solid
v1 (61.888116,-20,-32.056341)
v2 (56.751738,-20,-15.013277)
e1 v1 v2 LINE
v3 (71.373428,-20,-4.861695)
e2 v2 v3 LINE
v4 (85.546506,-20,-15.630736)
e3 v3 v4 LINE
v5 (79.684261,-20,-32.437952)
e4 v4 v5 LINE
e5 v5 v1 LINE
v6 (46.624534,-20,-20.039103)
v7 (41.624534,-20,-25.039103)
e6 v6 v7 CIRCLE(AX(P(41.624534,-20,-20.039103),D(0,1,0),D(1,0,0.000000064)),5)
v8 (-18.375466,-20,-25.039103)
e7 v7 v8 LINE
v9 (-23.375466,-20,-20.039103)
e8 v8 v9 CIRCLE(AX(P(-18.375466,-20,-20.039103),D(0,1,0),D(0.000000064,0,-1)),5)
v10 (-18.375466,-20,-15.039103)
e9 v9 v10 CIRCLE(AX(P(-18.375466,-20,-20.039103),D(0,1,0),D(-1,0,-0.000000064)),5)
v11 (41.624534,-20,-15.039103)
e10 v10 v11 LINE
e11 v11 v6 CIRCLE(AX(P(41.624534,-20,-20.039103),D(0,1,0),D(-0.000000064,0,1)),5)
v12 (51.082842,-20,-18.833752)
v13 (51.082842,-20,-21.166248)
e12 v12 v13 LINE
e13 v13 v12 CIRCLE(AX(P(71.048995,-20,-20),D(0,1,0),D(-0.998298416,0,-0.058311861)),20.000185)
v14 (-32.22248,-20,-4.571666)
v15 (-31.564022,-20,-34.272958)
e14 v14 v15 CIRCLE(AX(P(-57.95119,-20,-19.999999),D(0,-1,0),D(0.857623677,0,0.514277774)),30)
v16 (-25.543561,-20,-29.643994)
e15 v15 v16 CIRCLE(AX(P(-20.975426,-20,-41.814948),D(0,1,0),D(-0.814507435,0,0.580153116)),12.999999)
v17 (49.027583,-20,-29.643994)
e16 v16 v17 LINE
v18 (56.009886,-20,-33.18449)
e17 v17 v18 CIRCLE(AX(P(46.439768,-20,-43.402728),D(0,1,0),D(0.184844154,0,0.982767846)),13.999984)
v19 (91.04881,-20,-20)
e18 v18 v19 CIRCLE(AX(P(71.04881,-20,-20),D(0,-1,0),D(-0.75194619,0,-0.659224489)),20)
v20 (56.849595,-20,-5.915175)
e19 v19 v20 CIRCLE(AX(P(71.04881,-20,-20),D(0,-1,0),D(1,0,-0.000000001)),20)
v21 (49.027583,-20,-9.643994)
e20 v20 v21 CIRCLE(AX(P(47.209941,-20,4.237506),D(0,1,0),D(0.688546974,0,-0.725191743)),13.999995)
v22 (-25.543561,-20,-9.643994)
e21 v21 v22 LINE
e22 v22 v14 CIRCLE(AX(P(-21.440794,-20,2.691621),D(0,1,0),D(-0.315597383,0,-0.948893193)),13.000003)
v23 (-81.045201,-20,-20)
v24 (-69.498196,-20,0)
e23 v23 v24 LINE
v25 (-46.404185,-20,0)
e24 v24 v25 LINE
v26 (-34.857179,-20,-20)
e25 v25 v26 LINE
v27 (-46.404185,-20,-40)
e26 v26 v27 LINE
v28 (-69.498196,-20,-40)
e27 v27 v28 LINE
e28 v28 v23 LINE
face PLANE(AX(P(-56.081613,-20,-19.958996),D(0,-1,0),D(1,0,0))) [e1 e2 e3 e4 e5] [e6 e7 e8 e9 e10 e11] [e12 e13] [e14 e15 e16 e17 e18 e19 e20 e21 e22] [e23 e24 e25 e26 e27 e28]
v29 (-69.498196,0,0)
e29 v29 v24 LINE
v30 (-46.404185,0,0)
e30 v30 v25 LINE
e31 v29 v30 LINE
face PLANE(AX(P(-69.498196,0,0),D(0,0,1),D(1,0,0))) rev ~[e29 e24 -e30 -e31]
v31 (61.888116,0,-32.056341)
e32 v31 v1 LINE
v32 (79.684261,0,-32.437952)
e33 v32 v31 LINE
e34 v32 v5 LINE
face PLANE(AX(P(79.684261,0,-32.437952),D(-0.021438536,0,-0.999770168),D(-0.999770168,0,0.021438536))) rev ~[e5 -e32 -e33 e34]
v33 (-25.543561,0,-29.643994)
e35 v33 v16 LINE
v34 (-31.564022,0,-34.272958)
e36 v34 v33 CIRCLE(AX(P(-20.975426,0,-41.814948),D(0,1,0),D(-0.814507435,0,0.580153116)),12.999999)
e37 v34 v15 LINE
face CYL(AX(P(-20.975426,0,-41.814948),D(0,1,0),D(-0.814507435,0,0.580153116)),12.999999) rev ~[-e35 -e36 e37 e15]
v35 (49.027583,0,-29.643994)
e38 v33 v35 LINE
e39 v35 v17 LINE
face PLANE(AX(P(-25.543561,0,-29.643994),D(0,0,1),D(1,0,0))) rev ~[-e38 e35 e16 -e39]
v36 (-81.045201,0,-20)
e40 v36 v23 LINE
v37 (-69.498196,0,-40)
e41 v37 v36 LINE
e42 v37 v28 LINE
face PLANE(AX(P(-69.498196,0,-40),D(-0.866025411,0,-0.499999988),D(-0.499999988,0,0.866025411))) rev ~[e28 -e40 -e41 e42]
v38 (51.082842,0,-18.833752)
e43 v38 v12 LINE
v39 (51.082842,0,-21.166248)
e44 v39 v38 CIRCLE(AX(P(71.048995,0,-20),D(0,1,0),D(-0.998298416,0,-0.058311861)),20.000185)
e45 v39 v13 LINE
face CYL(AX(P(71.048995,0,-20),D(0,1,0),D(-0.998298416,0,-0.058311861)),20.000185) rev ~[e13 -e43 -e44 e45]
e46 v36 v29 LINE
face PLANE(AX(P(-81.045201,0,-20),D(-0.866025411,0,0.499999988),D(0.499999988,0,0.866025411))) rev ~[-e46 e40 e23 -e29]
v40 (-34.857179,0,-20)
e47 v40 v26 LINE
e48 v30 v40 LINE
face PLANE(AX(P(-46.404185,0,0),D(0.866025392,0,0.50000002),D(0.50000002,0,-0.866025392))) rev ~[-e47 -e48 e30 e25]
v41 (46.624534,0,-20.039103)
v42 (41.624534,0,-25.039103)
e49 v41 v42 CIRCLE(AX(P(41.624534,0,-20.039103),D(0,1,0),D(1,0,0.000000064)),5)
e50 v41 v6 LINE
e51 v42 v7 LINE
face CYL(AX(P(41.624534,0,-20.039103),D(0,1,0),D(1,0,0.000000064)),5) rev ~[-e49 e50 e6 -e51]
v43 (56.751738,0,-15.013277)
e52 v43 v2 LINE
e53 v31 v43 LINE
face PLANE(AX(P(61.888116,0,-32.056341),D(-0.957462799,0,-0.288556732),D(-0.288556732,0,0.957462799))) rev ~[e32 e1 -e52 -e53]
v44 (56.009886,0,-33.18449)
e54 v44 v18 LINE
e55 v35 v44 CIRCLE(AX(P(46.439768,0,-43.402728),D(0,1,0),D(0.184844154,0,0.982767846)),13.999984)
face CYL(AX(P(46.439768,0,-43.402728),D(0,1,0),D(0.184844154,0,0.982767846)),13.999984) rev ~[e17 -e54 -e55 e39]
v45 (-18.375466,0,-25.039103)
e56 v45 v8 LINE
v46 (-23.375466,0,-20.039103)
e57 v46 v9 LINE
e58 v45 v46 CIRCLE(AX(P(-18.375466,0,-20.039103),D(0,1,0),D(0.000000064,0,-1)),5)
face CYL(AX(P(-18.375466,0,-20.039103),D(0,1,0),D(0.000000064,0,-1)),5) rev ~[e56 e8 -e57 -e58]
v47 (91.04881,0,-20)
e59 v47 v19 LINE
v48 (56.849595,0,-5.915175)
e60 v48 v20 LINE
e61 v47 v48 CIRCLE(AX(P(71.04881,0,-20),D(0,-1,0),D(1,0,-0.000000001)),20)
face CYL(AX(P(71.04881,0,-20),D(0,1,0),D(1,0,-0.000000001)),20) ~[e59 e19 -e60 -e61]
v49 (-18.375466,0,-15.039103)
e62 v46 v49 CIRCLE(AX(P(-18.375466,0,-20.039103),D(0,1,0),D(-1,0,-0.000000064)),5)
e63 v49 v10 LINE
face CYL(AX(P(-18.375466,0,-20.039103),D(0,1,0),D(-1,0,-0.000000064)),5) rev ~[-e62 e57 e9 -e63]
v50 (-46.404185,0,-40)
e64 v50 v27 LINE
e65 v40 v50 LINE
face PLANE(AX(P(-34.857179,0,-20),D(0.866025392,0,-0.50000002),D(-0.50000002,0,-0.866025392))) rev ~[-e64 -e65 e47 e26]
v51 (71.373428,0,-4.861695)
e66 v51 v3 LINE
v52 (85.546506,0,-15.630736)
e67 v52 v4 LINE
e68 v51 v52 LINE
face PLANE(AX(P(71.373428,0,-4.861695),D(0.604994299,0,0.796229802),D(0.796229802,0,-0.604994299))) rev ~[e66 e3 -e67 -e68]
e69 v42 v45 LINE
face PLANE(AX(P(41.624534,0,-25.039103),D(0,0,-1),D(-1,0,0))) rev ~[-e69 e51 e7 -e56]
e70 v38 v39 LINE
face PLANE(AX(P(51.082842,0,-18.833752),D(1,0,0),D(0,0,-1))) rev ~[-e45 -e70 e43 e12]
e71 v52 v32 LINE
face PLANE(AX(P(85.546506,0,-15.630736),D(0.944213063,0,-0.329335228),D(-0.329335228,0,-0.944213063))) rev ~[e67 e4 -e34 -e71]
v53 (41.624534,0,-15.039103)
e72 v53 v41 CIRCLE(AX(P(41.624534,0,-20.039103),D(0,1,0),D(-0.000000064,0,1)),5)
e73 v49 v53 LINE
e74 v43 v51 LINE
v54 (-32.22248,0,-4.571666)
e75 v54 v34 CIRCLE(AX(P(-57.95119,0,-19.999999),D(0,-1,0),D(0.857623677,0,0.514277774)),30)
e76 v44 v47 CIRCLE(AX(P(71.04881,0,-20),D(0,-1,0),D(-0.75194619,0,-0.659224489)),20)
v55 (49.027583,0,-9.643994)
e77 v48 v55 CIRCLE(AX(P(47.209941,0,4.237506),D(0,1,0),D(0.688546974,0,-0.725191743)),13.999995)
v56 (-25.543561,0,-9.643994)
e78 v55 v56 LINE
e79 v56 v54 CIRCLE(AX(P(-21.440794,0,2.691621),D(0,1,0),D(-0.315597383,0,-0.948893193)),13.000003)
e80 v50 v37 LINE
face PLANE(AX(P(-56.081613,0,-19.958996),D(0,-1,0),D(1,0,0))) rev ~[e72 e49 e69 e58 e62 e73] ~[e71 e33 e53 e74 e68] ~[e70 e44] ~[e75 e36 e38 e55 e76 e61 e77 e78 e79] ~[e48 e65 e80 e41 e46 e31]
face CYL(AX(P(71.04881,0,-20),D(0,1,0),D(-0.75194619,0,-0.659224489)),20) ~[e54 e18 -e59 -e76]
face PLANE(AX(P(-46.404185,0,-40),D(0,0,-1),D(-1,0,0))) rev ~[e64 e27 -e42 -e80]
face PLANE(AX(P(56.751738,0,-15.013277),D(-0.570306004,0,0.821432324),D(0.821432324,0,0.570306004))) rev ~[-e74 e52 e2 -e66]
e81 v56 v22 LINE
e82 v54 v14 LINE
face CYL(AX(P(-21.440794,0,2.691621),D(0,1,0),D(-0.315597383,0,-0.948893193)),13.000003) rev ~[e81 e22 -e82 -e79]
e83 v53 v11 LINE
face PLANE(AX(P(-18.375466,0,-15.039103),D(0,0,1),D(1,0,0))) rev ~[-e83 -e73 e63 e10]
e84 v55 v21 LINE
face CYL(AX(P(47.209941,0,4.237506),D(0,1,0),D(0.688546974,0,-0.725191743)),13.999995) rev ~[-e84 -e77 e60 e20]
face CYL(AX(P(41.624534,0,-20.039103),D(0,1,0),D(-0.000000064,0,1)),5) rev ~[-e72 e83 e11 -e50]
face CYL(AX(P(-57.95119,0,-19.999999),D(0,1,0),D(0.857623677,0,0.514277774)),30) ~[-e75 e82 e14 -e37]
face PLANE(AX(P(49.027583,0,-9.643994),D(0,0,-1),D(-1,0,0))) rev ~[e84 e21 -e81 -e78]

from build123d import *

# Parameters (mm, degrees)
F1_DEPTH = 20


with BuildPart() as f1:
    # F0 (on Front) → F1 (new body)
    with BuildSketch(Plane.XZ):
        with BuildLine():
            ThreePointArc((-31.564022, -34.272958), (-28.86842, -27.361554), (-27.95119, -20))
            ThreePointArc((-27.95119, -20), (-29.038725, -11.995667), (-32.22248, -4.571666))
            ThreePointArc((-32.22248, -4.571666), (-87.943821, -20.664917), (-31.564022, -34.272958))
        make_face()
        Polygon((-81.045201, -20), (-69.498196, 0), (-46.404185, 0), (-34.857179, -20), (-46.404185, -40), (-69.498196, -40), align=None, mode=Mode.SUBTRACT)
        with BuildLine():
            ThreePointArc((-32.22248, -4.571666), (-29.038725, -11.995667), (-27.95119, -20))
            ThreePointArc((-27.95119, -20), (-28.86842, -27.361554), (-31.564022, -34.272958))
            ThreePointArc((-31.564022, -34.272958), (-28.899342, -31.50905), (-25.543561, -29.643994))
            Line((-25.543561, -29.643994), (49.027583, -29.643994))
            ThreePointArc((49.027583, -29.643994), (52.771246, -30.916258), (56.009886, -33.18449))
            ThreePointArc((56.009886, -33.18449), (52.543536, -27.586492), (51.082842, -21.166248))
            ThreePointArc((51.082842, -21.166248), (51.04881, -20), (51.082842, -18.833752))
            ThreePointArc((51.082842, -18.833752), (52.785805, -11.847536), (56.849595, -5.915175))
            ThreePointArc((56.849595, -5.915175), (53.234344, -8.399995), (49.027583, -9.643994))
            Line((49.027583, -9.643994), (-25.543561, -9.643994))
            ThreePointArc((-25.543561, -9.643994), (-29.303291, -7.661216), (-32.22248, -4.571666))
        make_face()
        with BuildLine():
            ThreePointArc((-23.375466, -20.039103), (-21.911, -16.503569), (-18.375466, -15.039103))
            Line((-18.375466, -15.039103), (41.624534, -15.039103))
            ThreePointArc((41.624534, -15.039103), (45.160068, -16.503569), (46.624534, -20.039103))
            ThreePointArc((46.624534, -20.039103), (45.160068, -23.574637), (41.624534, -25.039103))
            Line((41.624534, -25.039103), (-18.375466, -25.039103))
            ThreePointArc((-18.375466, -25.039103), (-21.911, -23.574637), (-23.375466, -20.039103))
        make_face(mode=Mode.SUBTRACT)
        with BuildLine():
            ThreePointArc((91.04881, -20), (78.665098, -1.50697), (56.849595, -5.915175))
            ThreePointArc((56.849595, -5.915175), (52.785805, -11.847536), (51.082842, -18.833752))
            Line((51.082842, -18.833752), (51.082842, -21.166248))
            ThreePointArc((51.082842, -21.166248), (52.543536, -27.586492), (56.009886, -33.18449))
            ThreePointArc((56.009886, -33.18449), (78.092301, -38.718687), (91.04881, -20))
        make_face()
        Polygon((61.888116, -32.056341), (56.751738, -15.013277), (71.373428, -4.861695), (85.546506, -15.630736), (79.684261, -32.437952), align=None, mode=Mode.SUBTRACT)
    extrude(amount=F1_DEPTH)


solid = f1.part
